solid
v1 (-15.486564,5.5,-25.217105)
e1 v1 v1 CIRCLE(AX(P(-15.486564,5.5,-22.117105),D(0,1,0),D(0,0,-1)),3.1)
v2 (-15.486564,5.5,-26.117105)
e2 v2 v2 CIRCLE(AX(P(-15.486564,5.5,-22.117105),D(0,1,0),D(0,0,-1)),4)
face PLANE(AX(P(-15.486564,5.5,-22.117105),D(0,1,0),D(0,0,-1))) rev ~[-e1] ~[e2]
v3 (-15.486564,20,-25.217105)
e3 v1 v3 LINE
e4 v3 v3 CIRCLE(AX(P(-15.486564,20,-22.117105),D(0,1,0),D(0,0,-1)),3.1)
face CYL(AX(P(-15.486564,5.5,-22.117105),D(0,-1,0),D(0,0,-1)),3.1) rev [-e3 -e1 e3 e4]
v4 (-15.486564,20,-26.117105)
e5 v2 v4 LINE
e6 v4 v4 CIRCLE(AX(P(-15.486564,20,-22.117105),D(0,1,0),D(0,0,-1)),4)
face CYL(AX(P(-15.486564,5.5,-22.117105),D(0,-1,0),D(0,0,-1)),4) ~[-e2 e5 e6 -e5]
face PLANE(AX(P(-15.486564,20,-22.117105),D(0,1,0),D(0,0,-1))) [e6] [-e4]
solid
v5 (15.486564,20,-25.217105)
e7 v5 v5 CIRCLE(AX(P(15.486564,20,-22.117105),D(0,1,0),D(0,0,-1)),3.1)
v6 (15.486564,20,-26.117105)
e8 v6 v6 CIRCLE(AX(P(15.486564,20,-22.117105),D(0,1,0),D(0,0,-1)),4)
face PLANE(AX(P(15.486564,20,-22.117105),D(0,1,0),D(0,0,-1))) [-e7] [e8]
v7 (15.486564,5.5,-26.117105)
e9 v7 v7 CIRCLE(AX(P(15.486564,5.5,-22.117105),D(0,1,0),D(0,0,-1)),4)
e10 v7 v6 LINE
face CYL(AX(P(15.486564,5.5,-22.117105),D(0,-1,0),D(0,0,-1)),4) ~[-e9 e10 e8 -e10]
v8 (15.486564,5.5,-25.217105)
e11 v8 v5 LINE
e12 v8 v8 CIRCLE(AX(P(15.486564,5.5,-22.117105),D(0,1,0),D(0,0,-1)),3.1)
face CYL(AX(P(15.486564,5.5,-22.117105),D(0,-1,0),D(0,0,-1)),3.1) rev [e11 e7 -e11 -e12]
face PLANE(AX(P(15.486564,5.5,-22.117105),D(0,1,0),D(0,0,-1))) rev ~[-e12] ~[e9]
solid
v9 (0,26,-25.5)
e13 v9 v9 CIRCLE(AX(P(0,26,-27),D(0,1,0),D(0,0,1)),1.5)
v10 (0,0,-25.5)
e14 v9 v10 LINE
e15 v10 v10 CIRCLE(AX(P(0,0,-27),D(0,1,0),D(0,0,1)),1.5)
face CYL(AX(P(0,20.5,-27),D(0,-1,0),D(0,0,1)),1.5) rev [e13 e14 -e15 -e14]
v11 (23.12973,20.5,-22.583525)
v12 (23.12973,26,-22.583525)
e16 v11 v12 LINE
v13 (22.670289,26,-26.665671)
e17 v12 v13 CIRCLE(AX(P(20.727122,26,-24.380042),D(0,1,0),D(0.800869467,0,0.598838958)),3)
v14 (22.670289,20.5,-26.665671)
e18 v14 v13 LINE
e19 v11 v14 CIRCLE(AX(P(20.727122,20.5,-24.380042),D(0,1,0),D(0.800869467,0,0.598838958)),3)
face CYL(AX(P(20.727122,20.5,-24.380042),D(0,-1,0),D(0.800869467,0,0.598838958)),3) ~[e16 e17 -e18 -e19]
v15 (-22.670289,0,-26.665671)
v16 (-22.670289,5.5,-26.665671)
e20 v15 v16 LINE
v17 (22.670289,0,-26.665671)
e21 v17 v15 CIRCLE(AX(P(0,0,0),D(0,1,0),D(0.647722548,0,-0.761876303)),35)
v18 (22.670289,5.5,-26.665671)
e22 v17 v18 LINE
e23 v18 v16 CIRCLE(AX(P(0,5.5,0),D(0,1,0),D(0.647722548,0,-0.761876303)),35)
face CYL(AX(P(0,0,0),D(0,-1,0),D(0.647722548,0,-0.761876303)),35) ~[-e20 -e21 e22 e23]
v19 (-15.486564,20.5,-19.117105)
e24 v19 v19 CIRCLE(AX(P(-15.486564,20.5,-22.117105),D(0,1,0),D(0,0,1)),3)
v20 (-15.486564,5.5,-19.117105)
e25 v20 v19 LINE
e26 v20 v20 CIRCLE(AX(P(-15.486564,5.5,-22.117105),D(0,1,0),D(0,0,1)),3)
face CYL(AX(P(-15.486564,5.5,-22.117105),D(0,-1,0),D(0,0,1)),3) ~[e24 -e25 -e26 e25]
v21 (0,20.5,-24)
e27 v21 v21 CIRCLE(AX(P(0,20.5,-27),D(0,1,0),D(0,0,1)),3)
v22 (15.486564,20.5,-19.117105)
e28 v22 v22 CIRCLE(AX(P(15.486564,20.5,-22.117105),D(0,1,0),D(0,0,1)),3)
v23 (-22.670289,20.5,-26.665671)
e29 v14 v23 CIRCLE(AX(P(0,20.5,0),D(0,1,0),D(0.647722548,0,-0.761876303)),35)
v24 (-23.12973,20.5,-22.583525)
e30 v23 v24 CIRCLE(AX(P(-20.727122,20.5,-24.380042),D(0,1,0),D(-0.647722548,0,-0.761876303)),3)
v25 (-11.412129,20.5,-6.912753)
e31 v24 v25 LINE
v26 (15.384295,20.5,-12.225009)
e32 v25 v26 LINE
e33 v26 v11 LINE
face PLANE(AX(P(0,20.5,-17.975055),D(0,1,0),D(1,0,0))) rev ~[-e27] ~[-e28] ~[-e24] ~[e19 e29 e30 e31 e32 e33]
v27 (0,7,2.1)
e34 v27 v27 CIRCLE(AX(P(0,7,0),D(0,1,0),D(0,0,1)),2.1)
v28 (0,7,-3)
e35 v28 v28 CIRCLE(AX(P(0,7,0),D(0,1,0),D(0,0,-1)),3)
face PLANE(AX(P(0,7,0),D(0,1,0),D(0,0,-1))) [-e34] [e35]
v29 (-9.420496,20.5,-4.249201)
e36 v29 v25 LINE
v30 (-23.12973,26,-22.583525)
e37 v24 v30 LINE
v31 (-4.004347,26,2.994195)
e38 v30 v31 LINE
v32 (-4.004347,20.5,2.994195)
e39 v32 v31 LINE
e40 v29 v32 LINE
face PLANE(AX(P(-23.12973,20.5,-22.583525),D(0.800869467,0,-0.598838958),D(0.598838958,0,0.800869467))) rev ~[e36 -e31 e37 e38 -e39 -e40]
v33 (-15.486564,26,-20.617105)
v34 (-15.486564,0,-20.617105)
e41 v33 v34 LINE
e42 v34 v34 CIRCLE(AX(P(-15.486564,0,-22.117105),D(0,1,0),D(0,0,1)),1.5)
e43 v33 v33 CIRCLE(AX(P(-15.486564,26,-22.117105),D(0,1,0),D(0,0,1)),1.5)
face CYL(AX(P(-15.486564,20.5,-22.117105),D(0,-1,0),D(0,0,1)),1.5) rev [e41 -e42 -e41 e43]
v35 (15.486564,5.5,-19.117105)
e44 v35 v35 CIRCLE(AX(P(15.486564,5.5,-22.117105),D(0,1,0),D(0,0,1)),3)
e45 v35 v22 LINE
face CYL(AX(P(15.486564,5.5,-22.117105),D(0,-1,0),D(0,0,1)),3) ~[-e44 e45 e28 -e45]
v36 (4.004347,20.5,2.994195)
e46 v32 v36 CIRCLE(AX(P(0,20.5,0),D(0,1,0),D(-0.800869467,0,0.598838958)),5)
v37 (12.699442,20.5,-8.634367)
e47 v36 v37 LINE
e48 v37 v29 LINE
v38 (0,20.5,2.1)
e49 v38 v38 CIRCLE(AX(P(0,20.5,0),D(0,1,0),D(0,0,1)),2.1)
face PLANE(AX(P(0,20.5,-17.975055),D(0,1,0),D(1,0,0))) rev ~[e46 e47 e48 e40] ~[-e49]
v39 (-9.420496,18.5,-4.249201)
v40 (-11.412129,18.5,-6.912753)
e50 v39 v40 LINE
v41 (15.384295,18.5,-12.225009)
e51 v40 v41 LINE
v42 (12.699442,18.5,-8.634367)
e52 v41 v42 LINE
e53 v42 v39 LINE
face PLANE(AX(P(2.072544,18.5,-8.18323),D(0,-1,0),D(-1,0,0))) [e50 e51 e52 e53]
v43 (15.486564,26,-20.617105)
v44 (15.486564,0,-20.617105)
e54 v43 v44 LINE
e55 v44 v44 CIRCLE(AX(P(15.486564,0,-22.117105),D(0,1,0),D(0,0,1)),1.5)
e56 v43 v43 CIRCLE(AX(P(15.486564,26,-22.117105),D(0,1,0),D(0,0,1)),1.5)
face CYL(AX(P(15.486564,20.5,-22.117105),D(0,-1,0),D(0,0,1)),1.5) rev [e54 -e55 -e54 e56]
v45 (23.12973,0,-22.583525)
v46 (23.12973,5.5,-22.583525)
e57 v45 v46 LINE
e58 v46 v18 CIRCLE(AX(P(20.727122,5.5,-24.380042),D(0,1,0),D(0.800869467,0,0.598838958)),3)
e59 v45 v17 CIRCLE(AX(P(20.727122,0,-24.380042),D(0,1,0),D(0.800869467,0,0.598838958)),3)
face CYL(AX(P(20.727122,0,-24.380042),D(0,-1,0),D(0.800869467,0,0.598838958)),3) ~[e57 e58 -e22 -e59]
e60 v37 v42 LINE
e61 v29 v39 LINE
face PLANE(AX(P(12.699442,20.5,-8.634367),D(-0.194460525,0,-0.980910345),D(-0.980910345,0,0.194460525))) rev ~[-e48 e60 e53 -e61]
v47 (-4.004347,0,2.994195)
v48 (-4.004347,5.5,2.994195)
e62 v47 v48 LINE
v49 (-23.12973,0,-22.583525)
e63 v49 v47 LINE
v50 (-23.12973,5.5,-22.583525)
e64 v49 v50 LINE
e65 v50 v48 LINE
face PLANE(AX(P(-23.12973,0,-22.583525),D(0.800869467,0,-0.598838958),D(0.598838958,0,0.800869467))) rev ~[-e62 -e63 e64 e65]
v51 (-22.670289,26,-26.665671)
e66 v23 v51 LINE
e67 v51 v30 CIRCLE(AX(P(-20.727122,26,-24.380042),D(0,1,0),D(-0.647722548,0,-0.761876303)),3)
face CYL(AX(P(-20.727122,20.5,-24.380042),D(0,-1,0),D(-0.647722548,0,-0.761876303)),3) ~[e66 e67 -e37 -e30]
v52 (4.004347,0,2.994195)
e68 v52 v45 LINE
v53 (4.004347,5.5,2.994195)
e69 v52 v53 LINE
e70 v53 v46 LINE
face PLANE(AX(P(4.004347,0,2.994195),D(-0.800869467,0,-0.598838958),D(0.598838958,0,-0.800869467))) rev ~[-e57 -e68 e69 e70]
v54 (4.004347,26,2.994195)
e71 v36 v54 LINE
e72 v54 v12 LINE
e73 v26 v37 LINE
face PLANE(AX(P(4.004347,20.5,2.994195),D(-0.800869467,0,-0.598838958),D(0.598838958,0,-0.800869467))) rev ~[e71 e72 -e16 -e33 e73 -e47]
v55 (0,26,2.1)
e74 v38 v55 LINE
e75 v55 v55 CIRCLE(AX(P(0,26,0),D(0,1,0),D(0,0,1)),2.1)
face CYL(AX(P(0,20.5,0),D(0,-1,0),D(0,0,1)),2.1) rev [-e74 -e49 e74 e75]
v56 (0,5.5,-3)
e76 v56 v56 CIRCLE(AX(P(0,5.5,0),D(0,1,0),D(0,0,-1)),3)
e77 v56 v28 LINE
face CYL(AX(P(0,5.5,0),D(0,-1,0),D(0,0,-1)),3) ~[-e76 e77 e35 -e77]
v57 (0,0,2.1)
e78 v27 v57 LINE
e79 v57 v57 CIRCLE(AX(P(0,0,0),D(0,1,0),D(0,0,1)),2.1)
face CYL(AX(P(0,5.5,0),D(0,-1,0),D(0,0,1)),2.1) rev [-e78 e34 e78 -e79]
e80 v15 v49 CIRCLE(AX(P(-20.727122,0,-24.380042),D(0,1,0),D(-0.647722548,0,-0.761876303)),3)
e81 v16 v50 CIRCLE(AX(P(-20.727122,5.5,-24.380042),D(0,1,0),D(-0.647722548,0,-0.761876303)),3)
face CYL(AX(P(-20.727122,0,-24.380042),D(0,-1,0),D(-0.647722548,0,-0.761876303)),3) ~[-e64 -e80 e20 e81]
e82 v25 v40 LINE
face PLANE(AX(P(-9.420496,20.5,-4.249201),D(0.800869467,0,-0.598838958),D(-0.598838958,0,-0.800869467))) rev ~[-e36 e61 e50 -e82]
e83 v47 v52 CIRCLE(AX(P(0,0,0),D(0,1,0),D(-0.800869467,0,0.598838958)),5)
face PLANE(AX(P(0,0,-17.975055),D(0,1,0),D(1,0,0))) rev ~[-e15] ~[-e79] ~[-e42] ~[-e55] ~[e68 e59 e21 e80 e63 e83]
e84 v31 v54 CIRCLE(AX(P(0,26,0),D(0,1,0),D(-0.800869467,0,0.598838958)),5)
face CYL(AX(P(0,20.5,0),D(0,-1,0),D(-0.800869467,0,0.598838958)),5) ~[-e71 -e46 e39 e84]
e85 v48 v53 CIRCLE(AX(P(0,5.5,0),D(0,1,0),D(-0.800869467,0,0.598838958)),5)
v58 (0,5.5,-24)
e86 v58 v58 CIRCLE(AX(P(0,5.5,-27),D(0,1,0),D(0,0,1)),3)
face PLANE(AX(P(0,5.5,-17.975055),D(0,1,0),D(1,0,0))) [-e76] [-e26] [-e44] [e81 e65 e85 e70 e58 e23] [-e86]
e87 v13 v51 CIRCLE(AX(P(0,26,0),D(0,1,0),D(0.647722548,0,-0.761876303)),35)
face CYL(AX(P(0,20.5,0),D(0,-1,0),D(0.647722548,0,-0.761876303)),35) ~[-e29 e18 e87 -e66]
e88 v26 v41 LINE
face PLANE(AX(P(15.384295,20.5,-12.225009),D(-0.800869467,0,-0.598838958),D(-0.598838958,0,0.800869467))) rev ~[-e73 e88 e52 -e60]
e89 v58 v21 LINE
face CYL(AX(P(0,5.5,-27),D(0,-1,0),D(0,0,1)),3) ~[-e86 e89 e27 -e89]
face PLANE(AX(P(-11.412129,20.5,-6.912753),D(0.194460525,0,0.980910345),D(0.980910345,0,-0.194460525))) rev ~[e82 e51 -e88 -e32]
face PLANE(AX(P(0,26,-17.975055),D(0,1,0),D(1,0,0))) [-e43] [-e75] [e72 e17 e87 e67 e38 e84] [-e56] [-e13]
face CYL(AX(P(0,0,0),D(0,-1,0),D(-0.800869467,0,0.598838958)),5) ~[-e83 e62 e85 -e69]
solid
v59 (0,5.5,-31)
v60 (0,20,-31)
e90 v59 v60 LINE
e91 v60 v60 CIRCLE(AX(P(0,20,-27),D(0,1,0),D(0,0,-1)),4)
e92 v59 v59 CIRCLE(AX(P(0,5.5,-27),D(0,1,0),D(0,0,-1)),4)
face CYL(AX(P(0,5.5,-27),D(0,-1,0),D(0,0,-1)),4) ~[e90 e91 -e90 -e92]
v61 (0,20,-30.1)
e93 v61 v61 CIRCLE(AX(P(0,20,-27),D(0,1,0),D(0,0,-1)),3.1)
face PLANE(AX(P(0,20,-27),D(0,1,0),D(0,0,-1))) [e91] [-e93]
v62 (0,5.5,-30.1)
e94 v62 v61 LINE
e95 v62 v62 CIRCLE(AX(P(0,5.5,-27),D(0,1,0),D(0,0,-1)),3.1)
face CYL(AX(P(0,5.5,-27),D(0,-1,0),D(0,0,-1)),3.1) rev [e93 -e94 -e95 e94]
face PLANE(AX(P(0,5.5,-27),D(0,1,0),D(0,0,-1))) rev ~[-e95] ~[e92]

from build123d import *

# Parameters (mm, degrees)
SKETCH_1_R        = 2.1
SKETCH_1_R_2      = 1.5
EXTRUDE_1_DEPTH   = 5.5
SKETCH_2_R        = 3
SKETCH_2_R_2      = 1.5
EXTRUDE_2_DEPTH   = 15
EXTRUDE_2_2_DEPTH = 15
EXTRUDE_2_3_DEPTH = 15
SKETCH_3_R        = 4
SKETCH_3_R_2      = 3.1
EXTRUDE_3_DEPTH   = 14.5
EXTRUDE_3_2_DEPTH = 14.5
EXTRUDE_3_3_DEPTH = 14.5
EXTRUDE_START     = 20.5
SKETCH_1_2_R      = 2.1
SKETCH_1_2_R_2    = 1.5
EXTRUDE_4_DEPTH   = 5.5
SKETCH_4_R        = 3
SKETCH_4_R_2      = 2.1
EXTRUDE_5_DEPTH   = 1.5
EXTRUDE_6_DEPTH   = 2


with BuildPart() as part:
    # ｽｹｯﾁ1 → ﾎﾞｽ - 押し出し1 (new body)
    with BuildSketch(Plane(origin=(0, 0, 0), x_dir=(1, 0, 0), z_dir=(0, 1, 0))):
        with BuildLine():
            Line((-23.129729925, 22.583524826), (-4.004347333, -2.994194789))
            ThreePointArc((-4.004347333, -2.994194789), (0, -5), (4.004347333, -2.994194789))
            Line((4.004347333, -2.994194789), (23.129729925, 22.583524826))
            ThreePointArc((23.129729925, 22.583524826), (23.708299296, 24.715569788), (22.670289168, 26.665670609))
            ThreePointArc((22.670289168, 26.665670609), (0, 35), (-22.670289168, 26.665670609))
            ThreePointArc((-22.670289168, 26.665670609), (-23.708299296, 24.715569788), (-23.129729925, 22.583524826))
        make_face()
        with Locations(Location((0, 0, 0), (0, 0, 270))):
            Circle(SKETCH_1_R, mode=Mode.SUBTRACT)
        with Locations(Location((-15.486563781, 22.117105196, 0), (0, 0, 270))):
            Circle(SKETCH_1_R_2, mode=Mode.SUBTRACT)
        with Locations(Location((15.486563781, 22.117105196, 0), (0, 0, 270))):
            Circle(SKETCH_1_R_2, mode=Mode.SUBTRACT)
        with Locations(Location((0, 27, 0), (0, 0, 270))):
            Circle(SKETCH_1_R_2, mode=Mode.SUBTRACT)
    extrude(amount=EXTRUDE_1_DEPTH)



with BuildPart() as body_2:
    # ｽｹｯﾁ2 → ﾎﾞｽ - 押し出し2 (new body)
    with BuildSketch(Plane(origin=(0, 5.5, 0), x_dir=(1, 0, 0), z_dir=(0, 1, 0))):
        with Locations(Location((0, 27, 0), (0, 0, 270))):
            Circle(SKETCH_2_R)
        with Locations(Location((0, 27, 0), (0, 0, 270))):
            Circle(SKETCH_2_R_2, mode=Mode.SUBTRACT)
    extrude(amount=EXTRUDE_2_DEPTH)



with BuildPart() as body_3:
    # ｽｹｯﾁ2 → Extrude 2 2 (new body)
    with BuildSketch(Plane(origin=(0, 5.5, 0), x_dir=(1, 0, 0), z_dir=(0, 1, 0))):
        with Locations(Location((15.486563781, 22.117105196, 0), (0, 0, 270))):
            Circle(SKETCH_2_R)
        with Locations(Location((15.486563781, 22.117105196, 0), (0, 0, 270))):
            Circle(SKETCH_2_R_2, mode=Mode.SUBTRACT)
    extrude(amount=EXTRUDE_2_2_DEPTH)


with BuildPart() as body_4:
    # ｽｹｯﾁ2 → Extrude 2 3 (new body)
    with BuildSketch(Plane(origin=(0, 5.5, 0), x_dir=(1, 0, 0), z_dir=(0, 1, 0))):
        with Locations(Location((-15.486563781, 22.117105196, 0), (0, 0, 270))):
            Circle(SKETCH_2_R)
        with Locations(Location((-15.486563781, 22.117105196, 0), (0, 0, 270))):
            Circle(SKETCH_2_R_2, mode=Mode.SUBTRACT)
    extrude(amount=EXTRUDE_2_3_DEPTH)


with BuildPart() as body_5:
    # ｽｹｯﾁ3 → ﾎﾞｽ - 押し出し3 (new body)
    with BuildSketch(Plane(origin=(0, 5.5, 0), x_dir=(1, 0, 0), z_dir=(0, 1, 0))):
        with Locations(Location((-15.486563781, 22.117105196, 0), (0, 0, 90))):
            Circle(SKETCH_3_R)
        with Locations(Location((-15.486563781, 22.117105196, 0), (0, 0, 90))):
            Circle(SKETCH_3_R_2, mode=Mode.SUBTRACT)
    extrude(amount=EXTRUDE_3_DEPTH)


with BuildPart() as body_6:
    # ｽｹｯﾁ3 → Extrude 3 2 (new body)
    with BuildSketch(Plane(origin=(0, 5.5, 0), x_dir=(1, 0, 0), z_dir=(0, 1, 0))):
        with Locations(Location((0, 27, 0), (0, 0, 90))):
            Circle(SKETCH_3_R)
        with Locations(Location((0, 27, 0), (0, 0, 90))):
            Circle(SKETCH_3_R_2, mode=Mode.SUBTRACT)
    extrude(amount=EXTRUDE_3_2_DEPTH)


with BuildPart() as body_7:
    # ｽｹｯﾁ3 → Extrude 3 3 (new body)
    with BuildSketch(Plane(origin=(0, 5.5, 0), x_dir=(1, 0, 0), z_dir=(0, 1, 0))):
        with Locations(Location((15.486563781, 22.117105196, 0), (0, 0, 90))):
            Circle(SKETCH_3_R)
        with Locations(Location((15.486563781, 22.117105196, 0), (0, 0, 90))):
            Circle(SKETCH_3_R_2, mode=Mode.SUBTRACT)
    extrude(amount=EXTRUDE_3_3_DEPTH)


with BuildPart() as body_2_1:
    add(body_2.part)

    add(body_3.part)  # ﾎﾞｽ - 押し出し4 merges body 3

    add(body_4.part)  # ﾎﾞｽ - 押し出し4 merges body 4
    # ｽｹｯﾁ1<2> → ﾎﾞｽ - 押し出し4 (add)
    with BuildSketch(Plane(origin=(0, 0, 0), x_dir=(1, 0, 0), z_dir=(0, 1, 0)).offset(EXTRUDE_START)):
        with BuildLine():
            Line((-23.129729925, 22.583524826), (-4.004347333, -2.994194789))
            ThreePointArc((-4.004347333, -2.994194789), (0, -5), (4.004347333, -2.994194789))
            Line((4.004347333, -2.994194789), (23.129729925, 22.583524826))
            ThreePointArc((23.129729925, 22.583524826), (23.708299296, 24.715569788), (22.670289168, 26.665670609))
            ThreePointArc((22.670289168, 26.665670609), (0, 35), (-22.670289168, 26.665670609))
            ThreePointArc((-22.670289168, 26.665670609), (-23.708299296, 24.715569788), (-23.129729925, 22.583524826))
        make_face()
        with Locations(Location((0, 0, 0), (0, 0, 270))):
            Circle(SKETCH_1_2_R, mode=Mode.SUBTRACT)
        with Locations(Location((-15.486563781, 22.117105196, 0), (0, 0, 270))):
            Circle(SKETCH_1_2_R_2, mode=Mode.SUBTRACT)
        with Locations(Location((15.486563781, 22.117105196, 0), (0, 0, 270))):
            Circle(SKETCH_1_2_R_2, mode=Mode.SUBTRACT)
        with Locations(Location((0, 27, 0), (0, 0, 270))):
            Circle(SKETCH_1_2_R_2, mode=Mode.SUBTRACT)
    extrude(amount=EXTRUDE_4_DEPTH)


with BuildPart() as part_1:
    add(part.part)

    add(body_2_1.part)  # ﾎﾞｽ - 押し出し5 merges body 2
    # ｽｹｯﾁ4 → ﾎﾞｽ - 押し出し5 (add)
    with BuildSketch(Plane(origin=(0, 5.5, 0), x_dir=(1, 0, 0), z_dir=(0, 1, 0))):
        with Locations(Location((0, 0, 0), (0, 0, 90))):
            Circle(SKETCH_4_R)
        with Locations(Location((0, 0, 0), (0, 0, 270))):
            Circle(SKETCH_4_R_2, mode=Mode.SUBTRACT)
    extrude(amount=EXTRUDE_5_DEPTH)

    # ｽｹｯﾁ5 → ﾎﾞｽ - 押し出し6 (add)
    with BuildSketch(Plane(origin=(0, 20.5, 0), x_dir=(-1, 0, 0), z_dir=(0, -1, 0))):
        Polygon((-12.699442215, 8.634367298), (9.420495568, 4.249201273), (11.412129463, 6.912753392), (-15.384294553, 12.22500921), align=None)
    extrude(amount=EXTRUDE_6_DEPTH)


solid = Compound([body_5.part, body_6.part, body_7.part, part_1.part])
